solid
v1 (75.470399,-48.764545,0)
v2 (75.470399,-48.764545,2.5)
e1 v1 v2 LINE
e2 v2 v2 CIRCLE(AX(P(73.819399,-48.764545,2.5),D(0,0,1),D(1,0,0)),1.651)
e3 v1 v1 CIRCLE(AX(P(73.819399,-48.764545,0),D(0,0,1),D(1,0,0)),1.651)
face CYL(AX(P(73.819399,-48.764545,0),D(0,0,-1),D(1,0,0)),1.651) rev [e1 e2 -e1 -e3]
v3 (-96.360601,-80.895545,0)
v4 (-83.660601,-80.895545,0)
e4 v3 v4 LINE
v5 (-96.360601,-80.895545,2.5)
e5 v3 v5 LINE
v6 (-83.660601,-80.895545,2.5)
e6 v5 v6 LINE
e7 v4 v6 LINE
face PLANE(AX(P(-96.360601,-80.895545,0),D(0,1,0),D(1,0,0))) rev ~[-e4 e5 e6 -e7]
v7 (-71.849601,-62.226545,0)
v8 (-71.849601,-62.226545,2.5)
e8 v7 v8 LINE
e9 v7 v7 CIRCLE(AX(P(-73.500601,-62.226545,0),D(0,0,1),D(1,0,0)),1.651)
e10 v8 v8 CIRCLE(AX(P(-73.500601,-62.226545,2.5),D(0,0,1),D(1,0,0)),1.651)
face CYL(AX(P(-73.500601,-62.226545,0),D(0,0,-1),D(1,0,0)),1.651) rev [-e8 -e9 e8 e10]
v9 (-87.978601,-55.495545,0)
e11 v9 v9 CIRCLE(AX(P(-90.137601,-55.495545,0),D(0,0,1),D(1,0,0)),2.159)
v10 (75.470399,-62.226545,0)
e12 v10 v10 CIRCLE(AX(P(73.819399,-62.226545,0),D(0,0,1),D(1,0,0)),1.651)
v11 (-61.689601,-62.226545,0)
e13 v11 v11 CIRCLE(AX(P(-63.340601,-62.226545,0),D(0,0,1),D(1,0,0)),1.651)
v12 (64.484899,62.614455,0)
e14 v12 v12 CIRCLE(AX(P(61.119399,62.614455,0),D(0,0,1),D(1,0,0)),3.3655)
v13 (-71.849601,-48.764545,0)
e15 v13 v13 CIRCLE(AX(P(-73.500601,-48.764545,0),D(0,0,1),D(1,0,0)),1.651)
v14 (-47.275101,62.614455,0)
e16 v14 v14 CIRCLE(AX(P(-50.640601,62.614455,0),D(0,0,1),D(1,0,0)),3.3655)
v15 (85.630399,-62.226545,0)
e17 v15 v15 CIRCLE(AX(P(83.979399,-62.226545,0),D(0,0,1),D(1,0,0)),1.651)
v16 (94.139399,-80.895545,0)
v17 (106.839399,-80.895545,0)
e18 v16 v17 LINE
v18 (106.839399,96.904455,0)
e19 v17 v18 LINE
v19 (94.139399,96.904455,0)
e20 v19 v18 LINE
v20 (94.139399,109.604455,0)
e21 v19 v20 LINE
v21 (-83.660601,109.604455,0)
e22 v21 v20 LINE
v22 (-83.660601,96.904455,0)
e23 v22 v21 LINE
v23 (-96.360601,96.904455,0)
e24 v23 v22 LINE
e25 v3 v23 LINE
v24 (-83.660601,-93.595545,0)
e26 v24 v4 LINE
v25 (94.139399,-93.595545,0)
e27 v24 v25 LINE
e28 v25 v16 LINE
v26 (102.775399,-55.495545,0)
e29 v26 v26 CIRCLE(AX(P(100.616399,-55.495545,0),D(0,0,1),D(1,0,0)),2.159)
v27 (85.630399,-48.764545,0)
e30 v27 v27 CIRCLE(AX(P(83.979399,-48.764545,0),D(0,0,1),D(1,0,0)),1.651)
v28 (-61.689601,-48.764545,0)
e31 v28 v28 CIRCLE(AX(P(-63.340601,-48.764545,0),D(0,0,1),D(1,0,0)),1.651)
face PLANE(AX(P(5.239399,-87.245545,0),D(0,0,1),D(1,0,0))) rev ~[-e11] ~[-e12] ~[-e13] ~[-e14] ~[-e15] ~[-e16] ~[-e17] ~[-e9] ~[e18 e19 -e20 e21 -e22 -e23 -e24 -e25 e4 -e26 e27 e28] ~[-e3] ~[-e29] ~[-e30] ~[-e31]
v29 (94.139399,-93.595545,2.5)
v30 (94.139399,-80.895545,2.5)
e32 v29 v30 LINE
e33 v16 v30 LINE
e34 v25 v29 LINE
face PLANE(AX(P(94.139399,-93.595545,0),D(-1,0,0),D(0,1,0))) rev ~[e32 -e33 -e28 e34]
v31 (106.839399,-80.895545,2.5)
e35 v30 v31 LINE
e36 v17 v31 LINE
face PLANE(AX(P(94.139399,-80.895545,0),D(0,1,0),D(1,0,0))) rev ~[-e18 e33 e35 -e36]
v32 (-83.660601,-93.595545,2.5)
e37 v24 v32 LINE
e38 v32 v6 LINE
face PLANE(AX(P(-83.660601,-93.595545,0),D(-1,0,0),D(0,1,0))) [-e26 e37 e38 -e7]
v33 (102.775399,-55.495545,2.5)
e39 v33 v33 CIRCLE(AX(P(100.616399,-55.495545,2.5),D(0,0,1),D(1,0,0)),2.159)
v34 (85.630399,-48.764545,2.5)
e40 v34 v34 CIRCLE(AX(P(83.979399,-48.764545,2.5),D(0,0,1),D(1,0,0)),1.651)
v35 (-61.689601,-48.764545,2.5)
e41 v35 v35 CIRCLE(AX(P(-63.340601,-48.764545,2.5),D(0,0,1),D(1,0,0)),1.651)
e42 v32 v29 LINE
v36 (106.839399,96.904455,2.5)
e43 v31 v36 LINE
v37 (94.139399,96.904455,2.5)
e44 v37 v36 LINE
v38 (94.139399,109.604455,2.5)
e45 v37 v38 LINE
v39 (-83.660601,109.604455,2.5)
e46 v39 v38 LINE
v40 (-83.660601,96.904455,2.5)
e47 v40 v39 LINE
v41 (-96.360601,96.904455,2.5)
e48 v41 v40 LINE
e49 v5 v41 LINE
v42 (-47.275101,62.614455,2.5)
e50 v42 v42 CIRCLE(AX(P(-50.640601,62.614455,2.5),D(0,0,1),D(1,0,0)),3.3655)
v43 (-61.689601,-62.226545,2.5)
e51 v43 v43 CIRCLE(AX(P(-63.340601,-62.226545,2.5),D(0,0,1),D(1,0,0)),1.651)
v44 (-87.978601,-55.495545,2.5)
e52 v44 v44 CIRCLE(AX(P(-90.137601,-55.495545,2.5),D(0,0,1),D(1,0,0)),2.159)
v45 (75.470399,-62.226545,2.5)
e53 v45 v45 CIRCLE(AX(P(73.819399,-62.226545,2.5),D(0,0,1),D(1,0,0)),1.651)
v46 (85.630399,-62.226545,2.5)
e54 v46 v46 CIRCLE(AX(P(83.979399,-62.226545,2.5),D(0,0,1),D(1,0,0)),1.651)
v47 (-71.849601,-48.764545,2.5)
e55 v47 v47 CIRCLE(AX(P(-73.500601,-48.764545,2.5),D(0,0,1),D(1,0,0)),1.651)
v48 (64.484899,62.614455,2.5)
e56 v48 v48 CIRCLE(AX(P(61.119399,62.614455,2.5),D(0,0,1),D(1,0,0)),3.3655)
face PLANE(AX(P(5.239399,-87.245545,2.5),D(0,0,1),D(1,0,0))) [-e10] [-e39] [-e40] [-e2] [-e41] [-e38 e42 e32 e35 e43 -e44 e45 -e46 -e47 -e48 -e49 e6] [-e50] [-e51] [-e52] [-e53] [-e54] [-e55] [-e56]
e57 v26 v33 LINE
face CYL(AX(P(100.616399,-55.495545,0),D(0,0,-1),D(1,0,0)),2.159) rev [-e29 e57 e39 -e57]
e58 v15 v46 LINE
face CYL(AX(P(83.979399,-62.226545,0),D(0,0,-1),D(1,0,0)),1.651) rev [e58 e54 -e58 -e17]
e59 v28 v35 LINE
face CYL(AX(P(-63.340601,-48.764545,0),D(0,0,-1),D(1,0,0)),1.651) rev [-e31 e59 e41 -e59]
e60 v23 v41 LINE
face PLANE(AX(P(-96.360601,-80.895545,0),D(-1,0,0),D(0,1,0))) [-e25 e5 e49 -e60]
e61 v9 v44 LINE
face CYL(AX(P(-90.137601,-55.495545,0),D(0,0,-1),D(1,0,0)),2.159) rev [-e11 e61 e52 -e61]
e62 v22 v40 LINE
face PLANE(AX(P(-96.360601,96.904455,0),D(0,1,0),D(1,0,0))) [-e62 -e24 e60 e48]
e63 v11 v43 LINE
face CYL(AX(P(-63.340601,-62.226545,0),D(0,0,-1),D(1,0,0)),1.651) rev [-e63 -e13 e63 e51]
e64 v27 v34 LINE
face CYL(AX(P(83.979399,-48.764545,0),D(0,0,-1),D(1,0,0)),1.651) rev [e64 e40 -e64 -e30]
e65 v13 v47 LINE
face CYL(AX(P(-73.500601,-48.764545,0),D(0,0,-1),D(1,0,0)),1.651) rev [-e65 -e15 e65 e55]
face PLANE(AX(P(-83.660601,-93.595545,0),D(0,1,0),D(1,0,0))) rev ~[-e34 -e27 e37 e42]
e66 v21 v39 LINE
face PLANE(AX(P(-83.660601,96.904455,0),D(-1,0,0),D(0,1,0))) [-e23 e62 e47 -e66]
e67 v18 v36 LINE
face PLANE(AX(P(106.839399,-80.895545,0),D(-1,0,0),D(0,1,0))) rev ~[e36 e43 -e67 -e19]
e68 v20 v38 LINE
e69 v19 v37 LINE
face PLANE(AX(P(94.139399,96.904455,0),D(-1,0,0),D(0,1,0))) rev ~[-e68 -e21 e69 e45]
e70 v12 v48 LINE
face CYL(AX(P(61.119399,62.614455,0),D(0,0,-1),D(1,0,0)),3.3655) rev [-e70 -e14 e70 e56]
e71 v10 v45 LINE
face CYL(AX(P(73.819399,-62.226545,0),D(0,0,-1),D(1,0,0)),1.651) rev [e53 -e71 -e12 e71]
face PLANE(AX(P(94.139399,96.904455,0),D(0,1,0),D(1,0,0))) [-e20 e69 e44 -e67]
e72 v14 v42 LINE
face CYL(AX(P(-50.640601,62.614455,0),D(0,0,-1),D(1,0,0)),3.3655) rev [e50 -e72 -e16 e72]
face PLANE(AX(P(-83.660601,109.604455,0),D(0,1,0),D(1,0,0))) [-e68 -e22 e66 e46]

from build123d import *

# Parameters (mm, degrees)
F0_W     = 177.8
F0_H     = 12.7
F0_W_2   = 12.7
F0_H_2   = 177.8
F0_R     = 2.159
F0_R_2   = 1.651
F0_R_3   = 3.3655
F1_DEPTH = 2.5


with BuildPart() as f1:
    # F0 (on Top) → F1 (new body)
    with BuildSketch(Plane.XY):
        with Locations((5.239399, -87.245545)):
            Rectangle(F0_W, F0_H)
        with Locations((5.239399, 103.254455)):
            Rectangle(F0_W, F0_H)
        with Locations((100.489399, 8.004455)):
            Rectangle(F0_W_2, F0_H_2)
        with Locations((100.616399, -55.495545)):
            Circle(F0_R, mode=Mode.SUBTRACT)
        with Locations((-90.010601, 8.004455)):
            Rectangle(F0_W_2, F0_H_2)
        with Locations((-90.137601, -55.495545)):
            Circle(F0_R, mode=Mode.SUBTRACT)
        with Locations((5.239399, 8.004455)):
            Rectangle(F0_W, F0_H_2)
        with Locations((-73.500601, -62.226545)):
            Circle(F0_R_2, mode=Mode.SUBTRACT)
        with Locations((-73.500601, -48.764545)):
            Circle(F0_R_2, mode=Mode.SUBTRACT)
        with Locations((-63.340601, -62.226545)):
            Circle(F0_R_2, mode=Mode.SUBTRACT)
        with Locations((-63.340601, -48.764545)):
            Circle(F0_R_2, mode=Mode.SUBTRACT)
        with Locations((73.819399, -62.226545)):
            Circle(F0_R_2, mode=Mode.SUBTRACT)
        with Locations((73.819399, -48.764545)):
            Circle(F0_R_2, mode=Mode.SUBTRACT)
        with Locations((83.979399, -62.226545)):
            Circle(F0_R_2, mode=Mode.SUBTRACT)
        with Locations((83.979399, -48.764545)):
            Circle(F0_R_2, mode=Mode.SUBTRACT)
        with Locations((-50.640601, 62.614455)):
            Circle(F0_R_3, mode=Mode.SUBTRACT)
        with Locations((61.119399, 62.614455)):
            Circle(F0_R_3, mode=Mode.SUBTRACT)
    extrude(amount=F1_DEPTH)


solid = f1.part
